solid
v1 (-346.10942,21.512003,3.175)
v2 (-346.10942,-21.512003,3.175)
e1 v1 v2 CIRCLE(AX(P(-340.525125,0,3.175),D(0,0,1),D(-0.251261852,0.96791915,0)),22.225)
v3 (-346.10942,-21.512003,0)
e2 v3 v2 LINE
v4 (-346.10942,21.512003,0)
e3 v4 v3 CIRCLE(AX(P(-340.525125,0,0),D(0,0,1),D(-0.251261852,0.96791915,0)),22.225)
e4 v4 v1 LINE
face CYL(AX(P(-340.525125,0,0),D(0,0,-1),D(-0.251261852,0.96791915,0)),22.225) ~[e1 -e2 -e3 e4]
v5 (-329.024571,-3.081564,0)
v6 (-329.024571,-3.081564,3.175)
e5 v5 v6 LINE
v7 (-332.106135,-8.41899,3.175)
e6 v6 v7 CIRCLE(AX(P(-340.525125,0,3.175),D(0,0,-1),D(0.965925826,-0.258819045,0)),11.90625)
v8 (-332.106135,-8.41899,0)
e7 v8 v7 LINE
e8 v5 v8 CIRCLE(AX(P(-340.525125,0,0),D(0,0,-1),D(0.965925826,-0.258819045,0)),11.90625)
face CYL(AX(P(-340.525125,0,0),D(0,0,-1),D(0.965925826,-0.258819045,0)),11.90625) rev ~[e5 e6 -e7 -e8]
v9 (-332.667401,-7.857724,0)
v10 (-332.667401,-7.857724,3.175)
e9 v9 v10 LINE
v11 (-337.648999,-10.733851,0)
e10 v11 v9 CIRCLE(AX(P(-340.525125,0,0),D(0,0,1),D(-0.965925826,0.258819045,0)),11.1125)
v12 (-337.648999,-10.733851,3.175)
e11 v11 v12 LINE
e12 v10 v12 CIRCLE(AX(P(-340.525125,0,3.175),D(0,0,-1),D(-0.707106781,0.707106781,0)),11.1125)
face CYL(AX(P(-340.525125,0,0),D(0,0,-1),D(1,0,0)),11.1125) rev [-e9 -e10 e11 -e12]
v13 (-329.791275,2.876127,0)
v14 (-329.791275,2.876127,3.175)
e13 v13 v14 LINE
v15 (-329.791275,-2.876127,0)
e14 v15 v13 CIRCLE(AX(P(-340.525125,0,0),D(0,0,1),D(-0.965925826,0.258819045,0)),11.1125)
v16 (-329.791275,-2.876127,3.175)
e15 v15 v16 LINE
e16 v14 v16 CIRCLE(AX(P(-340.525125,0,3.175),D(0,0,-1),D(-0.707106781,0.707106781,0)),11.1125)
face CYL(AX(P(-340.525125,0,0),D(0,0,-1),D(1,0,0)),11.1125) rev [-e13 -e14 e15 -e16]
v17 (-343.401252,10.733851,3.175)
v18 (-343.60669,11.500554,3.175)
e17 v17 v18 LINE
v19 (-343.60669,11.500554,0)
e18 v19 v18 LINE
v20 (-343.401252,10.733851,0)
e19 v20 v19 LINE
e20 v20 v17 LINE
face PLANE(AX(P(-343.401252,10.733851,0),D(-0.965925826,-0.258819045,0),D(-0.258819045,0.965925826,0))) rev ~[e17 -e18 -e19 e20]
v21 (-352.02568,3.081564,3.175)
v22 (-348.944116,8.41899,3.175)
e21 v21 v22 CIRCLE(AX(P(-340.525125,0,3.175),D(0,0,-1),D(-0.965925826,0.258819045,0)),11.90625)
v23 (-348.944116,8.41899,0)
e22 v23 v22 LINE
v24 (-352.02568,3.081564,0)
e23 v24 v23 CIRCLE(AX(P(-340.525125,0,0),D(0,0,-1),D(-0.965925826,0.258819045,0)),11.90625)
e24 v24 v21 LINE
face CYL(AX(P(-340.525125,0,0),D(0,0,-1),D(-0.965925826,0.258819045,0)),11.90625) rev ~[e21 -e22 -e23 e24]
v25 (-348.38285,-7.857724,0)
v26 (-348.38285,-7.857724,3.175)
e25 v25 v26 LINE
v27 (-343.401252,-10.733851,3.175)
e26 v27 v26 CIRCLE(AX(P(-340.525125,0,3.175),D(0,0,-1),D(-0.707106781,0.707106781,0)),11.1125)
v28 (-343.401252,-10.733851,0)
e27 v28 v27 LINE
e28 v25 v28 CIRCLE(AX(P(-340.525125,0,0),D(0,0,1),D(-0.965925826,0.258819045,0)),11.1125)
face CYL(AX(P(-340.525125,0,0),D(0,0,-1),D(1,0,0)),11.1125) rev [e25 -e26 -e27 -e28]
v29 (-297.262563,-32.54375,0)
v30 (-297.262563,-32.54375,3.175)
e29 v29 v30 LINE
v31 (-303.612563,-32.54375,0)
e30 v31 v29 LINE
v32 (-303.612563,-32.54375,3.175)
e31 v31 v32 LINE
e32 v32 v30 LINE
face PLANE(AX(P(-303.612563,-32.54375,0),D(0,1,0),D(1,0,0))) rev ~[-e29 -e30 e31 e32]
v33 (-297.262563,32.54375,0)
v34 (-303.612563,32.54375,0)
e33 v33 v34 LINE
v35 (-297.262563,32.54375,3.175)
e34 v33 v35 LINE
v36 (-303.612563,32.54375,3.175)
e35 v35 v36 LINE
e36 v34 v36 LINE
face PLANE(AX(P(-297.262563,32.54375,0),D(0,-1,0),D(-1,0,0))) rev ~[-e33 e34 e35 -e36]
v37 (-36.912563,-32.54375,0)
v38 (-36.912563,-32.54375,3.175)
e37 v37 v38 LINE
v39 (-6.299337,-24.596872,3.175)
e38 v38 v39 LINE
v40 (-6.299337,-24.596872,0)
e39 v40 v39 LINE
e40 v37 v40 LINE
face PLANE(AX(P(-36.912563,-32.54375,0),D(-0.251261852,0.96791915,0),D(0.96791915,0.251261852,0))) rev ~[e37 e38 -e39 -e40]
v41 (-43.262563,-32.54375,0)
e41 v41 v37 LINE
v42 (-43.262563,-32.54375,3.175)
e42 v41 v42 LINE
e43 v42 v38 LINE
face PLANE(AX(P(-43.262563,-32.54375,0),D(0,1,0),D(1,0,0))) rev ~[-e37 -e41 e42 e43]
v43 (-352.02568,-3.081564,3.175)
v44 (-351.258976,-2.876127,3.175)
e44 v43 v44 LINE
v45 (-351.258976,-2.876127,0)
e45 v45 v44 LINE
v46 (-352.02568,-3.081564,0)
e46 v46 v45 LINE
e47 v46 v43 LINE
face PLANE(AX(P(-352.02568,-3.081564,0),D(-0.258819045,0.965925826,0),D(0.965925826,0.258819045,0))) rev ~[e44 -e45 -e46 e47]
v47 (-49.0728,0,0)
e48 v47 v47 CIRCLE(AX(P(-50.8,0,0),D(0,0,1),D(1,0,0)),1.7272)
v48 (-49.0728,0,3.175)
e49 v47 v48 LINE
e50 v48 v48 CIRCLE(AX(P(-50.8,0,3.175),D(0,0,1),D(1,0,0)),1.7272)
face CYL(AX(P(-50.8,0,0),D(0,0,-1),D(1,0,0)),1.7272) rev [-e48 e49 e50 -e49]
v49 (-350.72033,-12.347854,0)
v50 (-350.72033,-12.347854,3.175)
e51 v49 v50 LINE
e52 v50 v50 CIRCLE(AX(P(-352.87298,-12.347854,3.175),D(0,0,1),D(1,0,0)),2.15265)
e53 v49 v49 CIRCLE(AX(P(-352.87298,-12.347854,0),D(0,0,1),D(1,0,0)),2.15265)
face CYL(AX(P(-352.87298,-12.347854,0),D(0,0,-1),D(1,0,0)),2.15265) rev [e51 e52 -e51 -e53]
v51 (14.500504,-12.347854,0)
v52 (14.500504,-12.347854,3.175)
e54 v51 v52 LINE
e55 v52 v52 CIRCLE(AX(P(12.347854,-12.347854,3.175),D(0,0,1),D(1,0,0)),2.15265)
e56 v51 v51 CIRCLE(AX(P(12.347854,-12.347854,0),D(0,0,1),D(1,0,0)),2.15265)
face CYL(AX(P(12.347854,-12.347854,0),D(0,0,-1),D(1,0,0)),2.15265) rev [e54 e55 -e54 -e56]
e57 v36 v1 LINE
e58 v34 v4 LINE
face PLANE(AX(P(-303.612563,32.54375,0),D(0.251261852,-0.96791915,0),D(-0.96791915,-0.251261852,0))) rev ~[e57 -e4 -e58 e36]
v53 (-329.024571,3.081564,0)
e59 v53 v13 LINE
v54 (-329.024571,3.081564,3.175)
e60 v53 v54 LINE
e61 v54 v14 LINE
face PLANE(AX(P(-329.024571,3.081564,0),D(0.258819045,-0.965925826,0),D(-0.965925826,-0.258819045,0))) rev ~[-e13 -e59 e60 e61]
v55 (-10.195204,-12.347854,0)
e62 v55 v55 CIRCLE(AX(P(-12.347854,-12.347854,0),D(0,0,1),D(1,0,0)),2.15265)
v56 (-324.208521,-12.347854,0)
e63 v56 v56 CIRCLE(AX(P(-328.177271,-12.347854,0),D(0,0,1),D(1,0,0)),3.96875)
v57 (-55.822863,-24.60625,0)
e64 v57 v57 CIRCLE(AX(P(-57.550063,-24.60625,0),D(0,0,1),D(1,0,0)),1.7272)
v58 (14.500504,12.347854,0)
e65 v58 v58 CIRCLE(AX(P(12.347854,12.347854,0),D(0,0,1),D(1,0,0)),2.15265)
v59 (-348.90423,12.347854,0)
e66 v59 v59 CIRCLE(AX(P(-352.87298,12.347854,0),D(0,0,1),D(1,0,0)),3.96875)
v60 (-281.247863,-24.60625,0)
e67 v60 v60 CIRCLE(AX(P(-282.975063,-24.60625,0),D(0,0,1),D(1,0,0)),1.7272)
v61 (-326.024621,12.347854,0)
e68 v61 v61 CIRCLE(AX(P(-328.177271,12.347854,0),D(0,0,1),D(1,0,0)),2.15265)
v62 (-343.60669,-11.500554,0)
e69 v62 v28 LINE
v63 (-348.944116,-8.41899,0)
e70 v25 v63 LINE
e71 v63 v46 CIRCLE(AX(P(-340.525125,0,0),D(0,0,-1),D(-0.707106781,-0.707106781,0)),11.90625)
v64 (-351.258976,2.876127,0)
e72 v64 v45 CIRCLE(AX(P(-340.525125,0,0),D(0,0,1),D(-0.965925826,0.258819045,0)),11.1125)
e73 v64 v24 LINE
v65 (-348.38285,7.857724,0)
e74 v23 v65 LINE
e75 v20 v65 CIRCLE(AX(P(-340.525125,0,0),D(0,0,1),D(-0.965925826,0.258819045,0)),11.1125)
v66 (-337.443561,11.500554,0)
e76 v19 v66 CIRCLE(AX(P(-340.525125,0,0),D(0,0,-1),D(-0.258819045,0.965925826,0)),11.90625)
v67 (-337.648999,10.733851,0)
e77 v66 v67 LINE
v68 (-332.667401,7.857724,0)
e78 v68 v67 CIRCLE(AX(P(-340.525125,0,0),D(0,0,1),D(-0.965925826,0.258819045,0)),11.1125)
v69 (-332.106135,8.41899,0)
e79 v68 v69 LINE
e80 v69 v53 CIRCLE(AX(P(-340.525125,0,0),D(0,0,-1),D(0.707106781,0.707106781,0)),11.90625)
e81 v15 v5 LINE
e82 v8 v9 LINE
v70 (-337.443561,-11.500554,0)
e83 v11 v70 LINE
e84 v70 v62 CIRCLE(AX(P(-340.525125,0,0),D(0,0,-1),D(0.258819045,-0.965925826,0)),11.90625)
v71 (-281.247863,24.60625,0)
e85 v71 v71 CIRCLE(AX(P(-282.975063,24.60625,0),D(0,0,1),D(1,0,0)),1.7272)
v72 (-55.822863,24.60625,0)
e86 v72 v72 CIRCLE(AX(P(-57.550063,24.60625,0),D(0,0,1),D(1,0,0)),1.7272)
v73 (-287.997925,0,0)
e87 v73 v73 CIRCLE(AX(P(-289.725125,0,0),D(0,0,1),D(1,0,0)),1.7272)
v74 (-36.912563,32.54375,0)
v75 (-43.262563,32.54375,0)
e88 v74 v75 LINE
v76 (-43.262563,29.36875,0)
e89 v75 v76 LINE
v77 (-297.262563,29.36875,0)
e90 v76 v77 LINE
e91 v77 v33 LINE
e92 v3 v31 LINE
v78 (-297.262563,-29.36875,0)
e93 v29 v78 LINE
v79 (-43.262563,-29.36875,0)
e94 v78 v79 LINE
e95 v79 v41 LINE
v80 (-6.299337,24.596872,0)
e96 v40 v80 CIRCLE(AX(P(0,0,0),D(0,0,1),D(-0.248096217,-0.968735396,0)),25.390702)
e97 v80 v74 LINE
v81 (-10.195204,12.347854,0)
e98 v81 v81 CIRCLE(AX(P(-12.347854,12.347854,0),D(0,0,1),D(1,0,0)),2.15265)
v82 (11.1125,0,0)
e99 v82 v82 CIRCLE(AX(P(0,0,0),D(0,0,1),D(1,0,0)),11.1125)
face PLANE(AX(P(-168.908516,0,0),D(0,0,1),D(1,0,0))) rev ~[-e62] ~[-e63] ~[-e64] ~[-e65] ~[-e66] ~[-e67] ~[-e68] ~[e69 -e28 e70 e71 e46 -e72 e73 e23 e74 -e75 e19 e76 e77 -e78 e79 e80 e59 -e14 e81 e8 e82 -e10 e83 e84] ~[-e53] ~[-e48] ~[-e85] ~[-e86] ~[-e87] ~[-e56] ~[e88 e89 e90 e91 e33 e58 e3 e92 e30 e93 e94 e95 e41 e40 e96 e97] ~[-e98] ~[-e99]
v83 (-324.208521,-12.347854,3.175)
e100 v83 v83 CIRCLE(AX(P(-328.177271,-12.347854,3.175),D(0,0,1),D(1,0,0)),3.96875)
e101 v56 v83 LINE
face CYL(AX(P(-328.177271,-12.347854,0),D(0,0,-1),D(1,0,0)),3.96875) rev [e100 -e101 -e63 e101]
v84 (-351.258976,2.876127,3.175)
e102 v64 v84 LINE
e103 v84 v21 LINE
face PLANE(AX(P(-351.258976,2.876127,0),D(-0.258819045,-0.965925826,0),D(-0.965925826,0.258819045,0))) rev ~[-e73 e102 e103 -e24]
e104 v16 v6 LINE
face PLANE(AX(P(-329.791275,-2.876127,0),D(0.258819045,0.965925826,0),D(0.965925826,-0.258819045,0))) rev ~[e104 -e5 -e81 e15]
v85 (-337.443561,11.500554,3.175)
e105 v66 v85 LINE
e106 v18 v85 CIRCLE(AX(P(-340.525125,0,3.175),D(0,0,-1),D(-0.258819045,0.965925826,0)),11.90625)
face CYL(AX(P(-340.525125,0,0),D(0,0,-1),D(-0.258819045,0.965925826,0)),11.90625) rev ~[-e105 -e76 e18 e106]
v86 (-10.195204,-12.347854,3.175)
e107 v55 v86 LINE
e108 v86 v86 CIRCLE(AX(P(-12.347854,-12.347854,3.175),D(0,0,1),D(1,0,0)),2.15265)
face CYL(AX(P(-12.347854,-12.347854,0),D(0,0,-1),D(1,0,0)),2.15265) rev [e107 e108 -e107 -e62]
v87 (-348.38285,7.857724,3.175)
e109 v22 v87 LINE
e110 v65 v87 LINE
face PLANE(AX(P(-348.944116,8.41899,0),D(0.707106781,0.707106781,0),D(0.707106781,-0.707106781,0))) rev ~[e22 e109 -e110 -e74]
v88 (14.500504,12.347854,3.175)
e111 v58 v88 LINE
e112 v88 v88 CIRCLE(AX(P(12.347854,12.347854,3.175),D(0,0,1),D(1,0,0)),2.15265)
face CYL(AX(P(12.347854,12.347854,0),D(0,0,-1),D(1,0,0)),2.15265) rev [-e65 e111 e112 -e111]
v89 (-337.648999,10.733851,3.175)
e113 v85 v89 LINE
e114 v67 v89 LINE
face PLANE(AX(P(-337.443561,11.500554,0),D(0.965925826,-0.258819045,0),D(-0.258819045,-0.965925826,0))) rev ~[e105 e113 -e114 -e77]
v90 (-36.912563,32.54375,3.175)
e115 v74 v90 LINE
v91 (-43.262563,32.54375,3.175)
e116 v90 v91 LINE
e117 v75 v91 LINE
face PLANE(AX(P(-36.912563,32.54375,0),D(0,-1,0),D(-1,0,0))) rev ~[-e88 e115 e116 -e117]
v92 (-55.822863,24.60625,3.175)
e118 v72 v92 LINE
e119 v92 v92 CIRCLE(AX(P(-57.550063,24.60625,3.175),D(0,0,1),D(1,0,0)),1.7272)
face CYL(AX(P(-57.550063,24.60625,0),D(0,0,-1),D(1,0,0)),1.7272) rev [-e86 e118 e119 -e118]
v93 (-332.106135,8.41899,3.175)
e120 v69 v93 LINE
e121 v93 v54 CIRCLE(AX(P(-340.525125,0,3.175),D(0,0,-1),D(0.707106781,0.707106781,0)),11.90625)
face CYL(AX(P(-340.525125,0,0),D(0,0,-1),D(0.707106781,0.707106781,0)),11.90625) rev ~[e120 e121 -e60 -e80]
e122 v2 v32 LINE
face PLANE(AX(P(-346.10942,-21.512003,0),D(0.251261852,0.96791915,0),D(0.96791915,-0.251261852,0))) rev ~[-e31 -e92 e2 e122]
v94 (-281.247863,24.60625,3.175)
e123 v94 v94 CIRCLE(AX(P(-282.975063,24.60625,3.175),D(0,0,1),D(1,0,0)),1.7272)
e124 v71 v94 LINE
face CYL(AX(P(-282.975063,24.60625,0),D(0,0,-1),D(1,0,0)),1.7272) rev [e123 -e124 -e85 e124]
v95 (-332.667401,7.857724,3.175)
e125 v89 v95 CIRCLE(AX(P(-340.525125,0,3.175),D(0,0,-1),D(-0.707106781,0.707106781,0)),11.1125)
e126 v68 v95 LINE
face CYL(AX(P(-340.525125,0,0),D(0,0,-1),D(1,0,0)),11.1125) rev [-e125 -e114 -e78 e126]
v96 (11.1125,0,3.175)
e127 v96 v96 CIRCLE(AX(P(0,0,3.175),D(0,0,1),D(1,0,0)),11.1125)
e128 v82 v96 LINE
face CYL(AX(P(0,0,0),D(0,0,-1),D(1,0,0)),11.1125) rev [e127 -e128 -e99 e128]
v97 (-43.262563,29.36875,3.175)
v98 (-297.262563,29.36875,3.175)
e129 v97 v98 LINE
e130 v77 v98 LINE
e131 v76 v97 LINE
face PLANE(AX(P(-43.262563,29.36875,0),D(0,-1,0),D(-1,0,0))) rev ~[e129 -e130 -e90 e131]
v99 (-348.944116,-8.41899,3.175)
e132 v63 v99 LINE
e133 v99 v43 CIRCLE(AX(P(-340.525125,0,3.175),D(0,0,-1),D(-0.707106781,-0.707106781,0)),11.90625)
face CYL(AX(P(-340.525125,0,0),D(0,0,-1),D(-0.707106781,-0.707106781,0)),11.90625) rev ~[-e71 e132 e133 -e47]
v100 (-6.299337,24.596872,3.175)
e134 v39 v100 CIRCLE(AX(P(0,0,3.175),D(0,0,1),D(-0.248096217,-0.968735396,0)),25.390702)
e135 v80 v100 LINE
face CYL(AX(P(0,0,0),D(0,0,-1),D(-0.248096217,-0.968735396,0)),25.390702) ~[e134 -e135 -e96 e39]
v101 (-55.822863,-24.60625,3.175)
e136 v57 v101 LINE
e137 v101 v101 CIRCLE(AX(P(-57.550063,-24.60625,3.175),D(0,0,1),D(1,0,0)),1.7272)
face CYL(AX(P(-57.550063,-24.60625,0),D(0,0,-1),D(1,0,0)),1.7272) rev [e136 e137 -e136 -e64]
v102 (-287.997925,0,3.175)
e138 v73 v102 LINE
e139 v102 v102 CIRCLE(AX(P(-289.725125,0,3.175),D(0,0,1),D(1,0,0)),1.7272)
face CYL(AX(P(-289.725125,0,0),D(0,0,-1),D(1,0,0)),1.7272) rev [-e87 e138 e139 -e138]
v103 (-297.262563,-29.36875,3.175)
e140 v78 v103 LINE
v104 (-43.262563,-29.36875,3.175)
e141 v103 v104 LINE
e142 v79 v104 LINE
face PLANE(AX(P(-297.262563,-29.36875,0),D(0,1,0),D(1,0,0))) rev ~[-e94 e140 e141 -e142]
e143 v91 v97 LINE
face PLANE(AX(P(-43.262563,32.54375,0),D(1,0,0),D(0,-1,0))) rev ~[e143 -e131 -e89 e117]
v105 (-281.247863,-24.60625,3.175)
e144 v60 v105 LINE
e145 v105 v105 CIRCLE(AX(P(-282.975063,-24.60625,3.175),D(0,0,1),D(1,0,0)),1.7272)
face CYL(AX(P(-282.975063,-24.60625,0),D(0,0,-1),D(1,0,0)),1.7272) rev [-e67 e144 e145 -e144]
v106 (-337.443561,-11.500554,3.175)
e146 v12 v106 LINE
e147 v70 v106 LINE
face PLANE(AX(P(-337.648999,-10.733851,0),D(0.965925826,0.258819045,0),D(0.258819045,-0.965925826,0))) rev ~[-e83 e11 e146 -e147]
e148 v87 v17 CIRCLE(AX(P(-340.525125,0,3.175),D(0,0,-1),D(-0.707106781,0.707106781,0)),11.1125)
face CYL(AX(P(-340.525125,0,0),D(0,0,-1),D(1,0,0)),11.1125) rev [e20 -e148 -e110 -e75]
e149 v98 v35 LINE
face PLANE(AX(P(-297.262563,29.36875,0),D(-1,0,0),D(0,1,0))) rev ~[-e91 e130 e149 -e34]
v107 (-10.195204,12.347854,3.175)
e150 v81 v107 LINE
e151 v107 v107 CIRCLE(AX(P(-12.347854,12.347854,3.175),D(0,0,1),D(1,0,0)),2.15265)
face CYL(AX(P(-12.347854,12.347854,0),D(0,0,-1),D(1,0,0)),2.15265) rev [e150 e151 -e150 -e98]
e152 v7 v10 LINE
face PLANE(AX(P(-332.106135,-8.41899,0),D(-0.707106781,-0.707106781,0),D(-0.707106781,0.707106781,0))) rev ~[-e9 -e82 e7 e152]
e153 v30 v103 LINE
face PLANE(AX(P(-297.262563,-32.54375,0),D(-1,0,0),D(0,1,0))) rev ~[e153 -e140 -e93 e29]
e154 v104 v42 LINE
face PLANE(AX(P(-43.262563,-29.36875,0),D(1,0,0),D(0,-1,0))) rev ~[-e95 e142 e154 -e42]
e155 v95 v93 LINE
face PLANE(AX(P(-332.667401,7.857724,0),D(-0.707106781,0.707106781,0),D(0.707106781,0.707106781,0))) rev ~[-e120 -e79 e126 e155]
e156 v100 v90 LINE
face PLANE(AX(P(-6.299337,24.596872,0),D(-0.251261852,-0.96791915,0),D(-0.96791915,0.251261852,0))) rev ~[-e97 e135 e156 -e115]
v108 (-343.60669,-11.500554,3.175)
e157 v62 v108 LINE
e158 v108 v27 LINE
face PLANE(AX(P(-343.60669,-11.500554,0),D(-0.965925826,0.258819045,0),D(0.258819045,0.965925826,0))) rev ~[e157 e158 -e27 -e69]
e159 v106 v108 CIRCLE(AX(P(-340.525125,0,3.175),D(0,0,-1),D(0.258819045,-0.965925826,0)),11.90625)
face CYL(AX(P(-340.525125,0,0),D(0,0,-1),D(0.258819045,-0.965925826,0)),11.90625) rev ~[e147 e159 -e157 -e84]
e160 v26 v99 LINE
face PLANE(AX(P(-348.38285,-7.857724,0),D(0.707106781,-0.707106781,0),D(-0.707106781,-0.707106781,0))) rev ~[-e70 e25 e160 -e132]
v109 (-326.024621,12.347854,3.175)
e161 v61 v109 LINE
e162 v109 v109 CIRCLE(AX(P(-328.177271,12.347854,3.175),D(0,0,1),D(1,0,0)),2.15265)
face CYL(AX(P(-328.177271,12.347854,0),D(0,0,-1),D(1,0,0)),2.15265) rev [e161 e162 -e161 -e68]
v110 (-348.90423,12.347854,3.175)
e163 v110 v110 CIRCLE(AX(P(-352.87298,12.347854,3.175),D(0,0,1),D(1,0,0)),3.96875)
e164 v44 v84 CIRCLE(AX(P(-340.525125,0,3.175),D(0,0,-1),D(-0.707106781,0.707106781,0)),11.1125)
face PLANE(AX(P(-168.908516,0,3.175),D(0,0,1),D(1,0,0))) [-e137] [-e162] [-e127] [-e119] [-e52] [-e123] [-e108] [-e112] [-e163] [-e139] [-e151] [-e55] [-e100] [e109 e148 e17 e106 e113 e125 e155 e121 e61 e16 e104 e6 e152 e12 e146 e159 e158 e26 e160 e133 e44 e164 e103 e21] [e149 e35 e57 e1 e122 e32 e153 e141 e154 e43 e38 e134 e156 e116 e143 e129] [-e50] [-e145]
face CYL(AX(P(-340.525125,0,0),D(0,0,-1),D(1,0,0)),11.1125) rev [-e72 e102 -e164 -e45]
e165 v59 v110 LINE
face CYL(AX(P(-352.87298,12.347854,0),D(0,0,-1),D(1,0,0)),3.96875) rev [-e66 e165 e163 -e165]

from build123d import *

# Parameters (mm, degrees)
F0_R     = 1.7272
F0_R_2   = 2.15265
F0_R_3   = 3.96875
F0_R_4   = 11.1125
F1_DEPTH = 3.175
F3_DEPTH = 3.175
F4_COUNT = 6
F4_ANGLE = 300


with BuildPart() as f1:
    # F0 (on Top) → F1 (new body)
    with BuildSketch(Plane.XY):
        with BuildLine():
            Line((-303.6125627, 32.54375), (-346.1094200534, 21.5120031198))
            ThreePointArc((-346.1094200534, 21.5120031198), (-362.7501254, 0), (-346.1094200534, -21.5120031198))
            Line((-346.1094200534, -21.5120031198), (-303.6125627, -32.54375))
            Line((-303.6125627, -32.54375), (-297.2625627, -32.54375))
            Line((-297.2625627, -32.54375), (-297.2625627, -29.36875))
            Line((-297.2625627, -29.36875), (-43.2625627, -29.36875))
            Line((-43.2625627, -29.36875), (-43.2625627, -32.54375))
            Line((-43.2625627, -32.54375), (-36.9125627, -32.54375))
            Line((-36.9125627, -32.54375), (-6.2993370693, -24.5968716335))
            ThreePointArc((-6.2993370693, -24.5968716335), (25.3907018743, 0), (-6.2993370693, 24.5968716335))
            Line((-6.2993370693, 24.5968716335), (-36.9125627, 32.54375))
            Line((-36.9125627, 32.54375), (-43.2625627, 32.54375))
            Line((-43.2625627, 32.54375), (-43.2625627, 29.36875))
            Line((-43.2625627, 29.36875), (-297.2625627, 29.36875))
            Line((-297.2625627, 29.36875), (-297.2625627, 32.54375))
            Line((-297.2625627, 32.54375), (-303.6125627, 32.54375))
        make_face()
        with Locations((-282.9750627, -24.60625)):
            Circle(F0_R, mode=Mode.SUBTRACT)
        with Locations((-352.8729798, -12.3478544)):
            Circle(F0_R_2, mode=Mode.SUBTRACT)
        with Locations((-328.177271, -12.3478544)):
            Circle(F0_R_3, mode=Mode.SUBTRACT)
        with Locations((-57.5500627, -24.60625)):
            Circle(F0_R, mode=Mode.SUBTRACT)
        with Locations((-12.3478544, -12.3478544)):
            Circle(F0_R_2, mode=Mode.SUBTRACT)
        with Locations((12.3478544, -12.3478544)):
            Circle(F0_R_2, mode=Mode.SUBTRACT)
        with Locations((-340.5251254, 0)):
            Circle(F0_R_4, mode=Mode.SUBTRACT)
        with Locations((-289.7251254, 0)):
            Circle(F0_R, mode=Mode.SUBTRACT)
        with Locations((-352.8729798, 12.3478544)):
            Circle(F0_R_3, mode=Mode.SUBTRACT)
        with Locations((-328.177271, 12.3478544)):
            Circle(F0_R_2, mode=Mode.SUBTRACT)
        with Locations((-282.9750627, 24.60625)):
            Circle(F0_R, mode=Mode.SUBTRACT)
        with Locations((-50.8, 0)):
            Circle(F0_R, mode=Mode.SUBTRACT)
        Circle(F0_R_4, mode=Mode.SUBTRACT)
        with Locations((-12.3478544, 12.3478544)):
            Circle(F0_R_2, mode=Mode.SUBTRACT)
        with Locations((12.3478544, 12.3478544)):
            Circle(F0_R_2, mode=Mode.SUBTRACT)
        with Locations((-57.5500627, 24.60625)):
            Circle(F0_R, mode=Mode.SUBTRACT)
    extrude(amount=F1_DEPTH)

    # F2 (on face) → F3 (cut, through all)
    with BuildSketch(Plane(origin=(0, 0, 0), x_dir=(1, 0, 0), z_dir=(0, 0, -1))):
        with BuildLine():
            ThreePointArc((-348.3828495059, -7.8577241059), (-350.1488326996, -5.55625), (-351.2589761446, -2.8761266387))
            Line((-351.2589761446, -2.8761266387), (-352.0256797693, -3.0815642558))
            ThreePointArc((-352.0256797693, -3.0815642558), (-350.8362403638, -5.953125), (-348.9441155135, -8.4189901135))
            Line((-348.9441155135, -8.4189901135), (-348.3828495059, -7.8577241059))
        make_face()
    f3 = extrude(amount=-F3_DEPTH, mode=Mode.SUBTRACT)

    # F4: F3 ×6 about axis
    f4_axis = Axis((-340.5251254, 0, 0), (0, 0, -1))
    for i in range(1, F4_COUNT):
        add(f3.rotate(f4_axis, i * F4_ANGLE / (F4_COUNT - 1)), mode=Mode.SUBTRACT)


solid = f1.part
